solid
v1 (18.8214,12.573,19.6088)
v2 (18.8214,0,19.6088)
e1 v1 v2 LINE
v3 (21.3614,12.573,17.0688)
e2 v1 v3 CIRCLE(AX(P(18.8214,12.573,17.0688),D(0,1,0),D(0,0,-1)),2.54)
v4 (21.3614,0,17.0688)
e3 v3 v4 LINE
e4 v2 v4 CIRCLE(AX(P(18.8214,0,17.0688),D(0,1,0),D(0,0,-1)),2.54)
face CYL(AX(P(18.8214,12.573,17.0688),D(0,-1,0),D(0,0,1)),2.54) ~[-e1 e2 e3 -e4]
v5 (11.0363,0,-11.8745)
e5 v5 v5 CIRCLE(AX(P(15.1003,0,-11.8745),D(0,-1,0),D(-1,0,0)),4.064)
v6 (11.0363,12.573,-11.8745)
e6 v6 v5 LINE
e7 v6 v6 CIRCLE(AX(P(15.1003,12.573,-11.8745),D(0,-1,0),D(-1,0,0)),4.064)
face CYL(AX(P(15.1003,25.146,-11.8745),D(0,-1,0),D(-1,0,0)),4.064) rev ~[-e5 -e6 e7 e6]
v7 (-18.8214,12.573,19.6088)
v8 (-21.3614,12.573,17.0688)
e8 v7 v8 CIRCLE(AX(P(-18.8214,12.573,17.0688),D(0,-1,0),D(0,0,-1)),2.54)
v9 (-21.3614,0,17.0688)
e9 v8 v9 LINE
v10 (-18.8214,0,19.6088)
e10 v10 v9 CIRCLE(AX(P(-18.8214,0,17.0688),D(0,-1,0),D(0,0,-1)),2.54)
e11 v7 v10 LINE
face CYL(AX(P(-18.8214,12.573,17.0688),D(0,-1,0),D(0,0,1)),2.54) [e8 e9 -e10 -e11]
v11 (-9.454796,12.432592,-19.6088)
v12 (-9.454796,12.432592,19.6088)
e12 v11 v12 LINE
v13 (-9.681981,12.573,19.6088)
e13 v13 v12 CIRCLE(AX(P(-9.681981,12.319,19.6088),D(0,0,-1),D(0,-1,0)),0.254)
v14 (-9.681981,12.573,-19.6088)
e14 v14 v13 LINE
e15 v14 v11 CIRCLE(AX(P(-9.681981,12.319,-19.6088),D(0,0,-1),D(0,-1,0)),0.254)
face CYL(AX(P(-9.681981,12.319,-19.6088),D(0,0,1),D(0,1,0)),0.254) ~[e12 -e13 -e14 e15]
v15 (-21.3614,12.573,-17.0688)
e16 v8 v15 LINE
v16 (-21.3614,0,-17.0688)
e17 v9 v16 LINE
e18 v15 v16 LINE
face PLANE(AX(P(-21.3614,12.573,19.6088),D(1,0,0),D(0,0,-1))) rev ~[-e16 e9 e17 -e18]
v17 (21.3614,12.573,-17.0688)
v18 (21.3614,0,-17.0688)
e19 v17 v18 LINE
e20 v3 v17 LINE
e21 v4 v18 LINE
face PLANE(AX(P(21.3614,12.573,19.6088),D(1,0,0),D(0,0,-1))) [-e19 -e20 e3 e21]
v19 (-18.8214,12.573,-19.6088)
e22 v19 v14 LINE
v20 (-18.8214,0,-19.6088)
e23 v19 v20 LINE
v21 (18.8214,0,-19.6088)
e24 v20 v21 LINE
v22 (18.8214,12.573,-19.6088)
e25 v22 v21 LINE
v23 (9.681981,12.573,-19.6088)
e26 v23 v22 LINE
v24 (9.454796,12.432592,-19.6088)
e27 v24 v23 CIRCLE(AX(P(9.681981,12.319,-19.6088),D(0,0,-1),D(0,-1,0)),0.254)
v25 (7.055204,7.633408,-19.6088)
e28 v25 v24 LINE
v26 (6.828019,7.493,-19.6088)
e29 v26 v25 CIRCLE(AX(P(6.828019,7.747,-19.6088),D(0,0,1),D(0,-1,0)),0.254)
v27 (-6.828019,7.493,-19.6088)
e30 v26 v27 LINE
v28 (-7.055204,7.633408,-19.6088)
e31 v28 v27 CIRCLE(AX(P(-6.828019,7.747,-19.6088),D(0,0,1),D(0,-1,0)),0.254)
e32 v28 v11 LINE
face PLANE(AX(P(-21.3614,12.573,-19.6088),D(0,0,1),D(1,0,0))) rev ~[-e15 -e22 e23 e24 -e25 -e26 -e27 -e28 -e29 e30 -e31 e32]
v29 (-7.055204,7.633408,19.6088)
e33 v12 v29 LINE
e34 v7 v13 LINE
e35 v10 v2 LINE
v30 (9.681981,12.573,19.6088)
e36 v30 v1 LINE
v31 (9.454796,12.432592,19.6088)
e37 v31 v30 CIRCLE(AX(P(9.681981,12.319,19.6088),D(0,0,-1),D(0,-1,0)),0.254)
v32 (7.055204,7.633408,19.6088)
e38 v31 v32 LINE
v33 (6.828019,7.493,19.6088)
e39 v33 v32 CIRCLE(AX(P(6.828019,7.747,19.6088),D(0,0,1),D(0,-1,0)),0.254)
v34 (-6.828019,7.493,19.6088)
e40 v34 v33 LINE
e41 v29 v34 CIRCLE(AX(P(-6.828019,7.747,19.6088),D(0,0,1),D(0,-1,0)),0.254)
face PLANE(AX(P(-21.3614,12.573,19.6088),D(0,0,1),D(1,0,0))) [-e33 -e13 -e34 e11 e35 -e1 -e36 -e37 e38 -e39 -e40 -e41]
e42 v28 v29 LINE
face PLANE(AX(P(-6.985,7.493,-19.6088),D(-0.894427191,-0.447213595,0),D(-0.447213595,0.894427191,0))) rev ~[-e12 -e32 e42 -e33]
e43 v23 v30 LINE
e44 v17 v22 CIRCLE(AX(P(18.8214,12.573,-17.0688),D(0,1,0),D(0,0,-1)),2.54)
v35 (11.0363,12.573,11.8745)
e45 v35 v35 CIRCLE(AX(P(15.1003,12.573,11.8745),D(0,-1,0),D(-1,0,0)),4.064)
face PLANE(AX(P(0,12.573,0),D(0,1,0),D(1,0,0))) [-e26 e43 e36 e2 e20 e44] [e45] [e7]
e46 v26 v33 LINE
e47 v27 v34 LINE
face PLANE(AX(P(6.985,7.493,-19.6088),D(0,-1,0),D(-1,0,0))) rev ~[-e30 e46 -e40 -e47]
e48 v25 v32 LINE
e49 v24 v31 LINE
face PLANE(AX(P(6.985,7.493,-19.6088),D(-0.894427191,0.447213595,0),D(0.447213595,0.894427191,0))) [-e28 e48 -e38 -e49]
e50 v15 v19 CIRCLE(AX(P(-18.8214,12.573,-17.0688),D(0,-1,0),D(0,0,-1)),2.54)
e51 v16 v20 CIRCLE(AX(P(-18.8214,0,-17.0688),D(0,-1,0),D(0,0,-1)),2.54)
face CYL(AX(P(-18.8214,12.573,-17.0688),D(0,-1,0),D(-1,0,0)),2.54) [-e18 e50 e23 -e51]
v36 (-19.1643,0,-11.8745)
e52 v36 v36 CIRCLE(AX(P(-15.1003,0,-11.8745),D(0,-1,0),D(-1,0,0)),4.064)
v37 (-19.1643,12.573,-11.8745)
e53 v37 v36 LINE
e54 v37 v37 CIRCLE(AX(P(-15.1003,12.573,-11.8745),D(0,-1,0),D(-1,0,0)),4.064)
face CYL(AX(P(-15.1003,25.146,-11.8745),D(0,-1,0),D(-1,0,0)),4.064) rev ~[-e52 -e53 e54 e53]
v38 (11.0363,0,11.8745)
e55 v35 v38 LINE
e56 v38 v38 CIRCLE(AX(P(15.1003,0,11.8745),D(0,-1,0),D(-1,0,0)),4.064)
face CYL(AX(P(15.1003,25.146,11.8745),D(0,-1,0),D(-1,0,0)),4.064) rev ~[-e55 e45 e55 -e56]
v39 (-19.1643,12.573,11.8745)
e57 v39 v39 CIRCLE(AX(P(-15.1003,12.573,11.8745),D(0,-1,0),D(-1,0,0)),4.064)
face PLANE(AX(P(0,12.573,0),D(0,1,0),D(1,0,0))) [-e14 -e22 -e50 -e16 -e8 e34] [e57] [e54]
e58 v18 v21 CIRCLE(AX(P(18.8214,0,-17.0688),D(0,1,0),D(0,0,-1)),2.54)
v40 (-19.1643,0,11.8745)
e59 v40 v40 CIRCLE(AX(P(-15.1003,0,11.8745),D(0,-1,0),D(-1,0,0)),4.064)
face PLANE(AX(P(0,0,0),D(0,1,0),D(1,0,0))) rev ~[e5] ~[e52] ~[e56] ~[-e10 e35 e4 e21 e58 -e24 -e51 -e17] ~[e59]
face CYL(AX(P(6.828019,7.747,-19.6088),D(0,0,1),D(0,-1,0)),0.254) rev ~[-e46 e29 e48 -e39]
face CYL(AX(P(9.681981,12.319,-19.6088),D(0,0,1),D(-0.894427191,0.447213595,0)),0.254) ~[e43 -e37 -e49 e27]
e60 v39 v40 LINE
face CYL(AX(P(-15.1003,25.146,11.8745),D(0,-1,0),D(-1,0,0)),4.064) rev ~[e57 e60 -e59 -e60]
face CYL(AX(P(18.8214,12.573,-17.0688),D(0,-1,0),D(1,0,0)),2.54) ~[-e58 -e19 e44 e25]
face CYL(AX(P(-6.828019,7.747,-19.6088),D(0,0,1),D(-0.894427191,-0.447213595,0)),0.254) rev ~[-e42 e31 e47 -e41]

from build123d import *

# Parameters (mm, degrees)
ESQUISSE1_W             = 42.7228
ESQUISSE1_H             = 39.2176
BOSS_EXTRU_1_DEPTH      = 12.573
ESQUISSE2_W             = 13.97
ESQUISSE2_H             = 5.08
ENL_V_MAT_EXTRU_1_DEPTH = 40.2176
D_POUILLE1_ANGLE        = 26.565051177
PER_AGE1_D              = 8.128
PER_AGE1_DEPTH          = 12.573
CONG_1_R                = 0.254
CONG_2_R                = 2.54


with BuildPart() as part:
    # Esquisse1 → Boss.-Extru.1 (new body)
    with BuildSketch(Plane(origin=(0, 12.573, 0), x_dir=(1, 0, 0), z_dir=(0, 1, 0))):
        Rectangle(ESQUISSE1_W, ESQUISSE1_H)
    extrude(amount=-BOSS_EXTRU_1_DEPTH)

    # Esquisse2 → Enlèv. mat.-Extru.1 (cut, through all)
    with BuildSketch(Plane(origin=(0, 0, -19.6088), x_dir=(-1, 0, 0), z_dir=(0, 0, -1))):
        with Locations((0, 10.033)):
            Rectangle(ESQUISSE2_W, ESQUISSE2_H)
    extrude(amount=-ENL_V_MAT_EXTRU_1_DEPTH, mode=Mode.SUBTRACT)

    # Dépouille1
    d_pouille1_faces = [part.faces().sort_by_distance(p)[0] for p in [
        (-6.985, 10.033, 0),
        (6.985, 10.033, 0),
    ]]
    draft(d_pouille1_faces, Plane(origin=(6.985, 7.493, 19.6088), x_dir=(0, 0, 1), z_dir=(0, 1, 0)), D_POUILLE1_ANGLE)

    # Perçage1
    with Locations(Plane(origin=(0, 12.573, 0), x_dir=(1, 0, 0), z_dir=(0, 1, 0))):
        with Locations((15.1003, -11.8745), (-15.1003, 11.8745), (15.1003, 11.8745), (-15.1003, -11.8745)):
            Hole(PER_AGE1_D / 2, depth=PER_AGE1_DEPTH)

    # Congé1
    cong_1_edges = [part.edges().sort_by_distance(p)[0] for p in [
        (9.525, 12.573, 0),
        (-9.525, 12.573, 0),
        (-6.985, 7.493, 0),
        (6.985, 7.493, 0),
    ]]
    fillet(cong_1_edges, radius=CONG_1_R)

    # Congé2
    cong_2_edges = [part.edges().sort_by_distance(p)[0] for p in [
        (21.3614, 6.2865, -19.6088),
        (21.3614, 6.2865, 19.6088),
        (-21.3614, 6.2865, 19.6088),
        (-21.3614, 6.2865, -19.6088),
    ]]
    fillet(cong_2_edges, radius=CONG_2_R)


solid = part.part
